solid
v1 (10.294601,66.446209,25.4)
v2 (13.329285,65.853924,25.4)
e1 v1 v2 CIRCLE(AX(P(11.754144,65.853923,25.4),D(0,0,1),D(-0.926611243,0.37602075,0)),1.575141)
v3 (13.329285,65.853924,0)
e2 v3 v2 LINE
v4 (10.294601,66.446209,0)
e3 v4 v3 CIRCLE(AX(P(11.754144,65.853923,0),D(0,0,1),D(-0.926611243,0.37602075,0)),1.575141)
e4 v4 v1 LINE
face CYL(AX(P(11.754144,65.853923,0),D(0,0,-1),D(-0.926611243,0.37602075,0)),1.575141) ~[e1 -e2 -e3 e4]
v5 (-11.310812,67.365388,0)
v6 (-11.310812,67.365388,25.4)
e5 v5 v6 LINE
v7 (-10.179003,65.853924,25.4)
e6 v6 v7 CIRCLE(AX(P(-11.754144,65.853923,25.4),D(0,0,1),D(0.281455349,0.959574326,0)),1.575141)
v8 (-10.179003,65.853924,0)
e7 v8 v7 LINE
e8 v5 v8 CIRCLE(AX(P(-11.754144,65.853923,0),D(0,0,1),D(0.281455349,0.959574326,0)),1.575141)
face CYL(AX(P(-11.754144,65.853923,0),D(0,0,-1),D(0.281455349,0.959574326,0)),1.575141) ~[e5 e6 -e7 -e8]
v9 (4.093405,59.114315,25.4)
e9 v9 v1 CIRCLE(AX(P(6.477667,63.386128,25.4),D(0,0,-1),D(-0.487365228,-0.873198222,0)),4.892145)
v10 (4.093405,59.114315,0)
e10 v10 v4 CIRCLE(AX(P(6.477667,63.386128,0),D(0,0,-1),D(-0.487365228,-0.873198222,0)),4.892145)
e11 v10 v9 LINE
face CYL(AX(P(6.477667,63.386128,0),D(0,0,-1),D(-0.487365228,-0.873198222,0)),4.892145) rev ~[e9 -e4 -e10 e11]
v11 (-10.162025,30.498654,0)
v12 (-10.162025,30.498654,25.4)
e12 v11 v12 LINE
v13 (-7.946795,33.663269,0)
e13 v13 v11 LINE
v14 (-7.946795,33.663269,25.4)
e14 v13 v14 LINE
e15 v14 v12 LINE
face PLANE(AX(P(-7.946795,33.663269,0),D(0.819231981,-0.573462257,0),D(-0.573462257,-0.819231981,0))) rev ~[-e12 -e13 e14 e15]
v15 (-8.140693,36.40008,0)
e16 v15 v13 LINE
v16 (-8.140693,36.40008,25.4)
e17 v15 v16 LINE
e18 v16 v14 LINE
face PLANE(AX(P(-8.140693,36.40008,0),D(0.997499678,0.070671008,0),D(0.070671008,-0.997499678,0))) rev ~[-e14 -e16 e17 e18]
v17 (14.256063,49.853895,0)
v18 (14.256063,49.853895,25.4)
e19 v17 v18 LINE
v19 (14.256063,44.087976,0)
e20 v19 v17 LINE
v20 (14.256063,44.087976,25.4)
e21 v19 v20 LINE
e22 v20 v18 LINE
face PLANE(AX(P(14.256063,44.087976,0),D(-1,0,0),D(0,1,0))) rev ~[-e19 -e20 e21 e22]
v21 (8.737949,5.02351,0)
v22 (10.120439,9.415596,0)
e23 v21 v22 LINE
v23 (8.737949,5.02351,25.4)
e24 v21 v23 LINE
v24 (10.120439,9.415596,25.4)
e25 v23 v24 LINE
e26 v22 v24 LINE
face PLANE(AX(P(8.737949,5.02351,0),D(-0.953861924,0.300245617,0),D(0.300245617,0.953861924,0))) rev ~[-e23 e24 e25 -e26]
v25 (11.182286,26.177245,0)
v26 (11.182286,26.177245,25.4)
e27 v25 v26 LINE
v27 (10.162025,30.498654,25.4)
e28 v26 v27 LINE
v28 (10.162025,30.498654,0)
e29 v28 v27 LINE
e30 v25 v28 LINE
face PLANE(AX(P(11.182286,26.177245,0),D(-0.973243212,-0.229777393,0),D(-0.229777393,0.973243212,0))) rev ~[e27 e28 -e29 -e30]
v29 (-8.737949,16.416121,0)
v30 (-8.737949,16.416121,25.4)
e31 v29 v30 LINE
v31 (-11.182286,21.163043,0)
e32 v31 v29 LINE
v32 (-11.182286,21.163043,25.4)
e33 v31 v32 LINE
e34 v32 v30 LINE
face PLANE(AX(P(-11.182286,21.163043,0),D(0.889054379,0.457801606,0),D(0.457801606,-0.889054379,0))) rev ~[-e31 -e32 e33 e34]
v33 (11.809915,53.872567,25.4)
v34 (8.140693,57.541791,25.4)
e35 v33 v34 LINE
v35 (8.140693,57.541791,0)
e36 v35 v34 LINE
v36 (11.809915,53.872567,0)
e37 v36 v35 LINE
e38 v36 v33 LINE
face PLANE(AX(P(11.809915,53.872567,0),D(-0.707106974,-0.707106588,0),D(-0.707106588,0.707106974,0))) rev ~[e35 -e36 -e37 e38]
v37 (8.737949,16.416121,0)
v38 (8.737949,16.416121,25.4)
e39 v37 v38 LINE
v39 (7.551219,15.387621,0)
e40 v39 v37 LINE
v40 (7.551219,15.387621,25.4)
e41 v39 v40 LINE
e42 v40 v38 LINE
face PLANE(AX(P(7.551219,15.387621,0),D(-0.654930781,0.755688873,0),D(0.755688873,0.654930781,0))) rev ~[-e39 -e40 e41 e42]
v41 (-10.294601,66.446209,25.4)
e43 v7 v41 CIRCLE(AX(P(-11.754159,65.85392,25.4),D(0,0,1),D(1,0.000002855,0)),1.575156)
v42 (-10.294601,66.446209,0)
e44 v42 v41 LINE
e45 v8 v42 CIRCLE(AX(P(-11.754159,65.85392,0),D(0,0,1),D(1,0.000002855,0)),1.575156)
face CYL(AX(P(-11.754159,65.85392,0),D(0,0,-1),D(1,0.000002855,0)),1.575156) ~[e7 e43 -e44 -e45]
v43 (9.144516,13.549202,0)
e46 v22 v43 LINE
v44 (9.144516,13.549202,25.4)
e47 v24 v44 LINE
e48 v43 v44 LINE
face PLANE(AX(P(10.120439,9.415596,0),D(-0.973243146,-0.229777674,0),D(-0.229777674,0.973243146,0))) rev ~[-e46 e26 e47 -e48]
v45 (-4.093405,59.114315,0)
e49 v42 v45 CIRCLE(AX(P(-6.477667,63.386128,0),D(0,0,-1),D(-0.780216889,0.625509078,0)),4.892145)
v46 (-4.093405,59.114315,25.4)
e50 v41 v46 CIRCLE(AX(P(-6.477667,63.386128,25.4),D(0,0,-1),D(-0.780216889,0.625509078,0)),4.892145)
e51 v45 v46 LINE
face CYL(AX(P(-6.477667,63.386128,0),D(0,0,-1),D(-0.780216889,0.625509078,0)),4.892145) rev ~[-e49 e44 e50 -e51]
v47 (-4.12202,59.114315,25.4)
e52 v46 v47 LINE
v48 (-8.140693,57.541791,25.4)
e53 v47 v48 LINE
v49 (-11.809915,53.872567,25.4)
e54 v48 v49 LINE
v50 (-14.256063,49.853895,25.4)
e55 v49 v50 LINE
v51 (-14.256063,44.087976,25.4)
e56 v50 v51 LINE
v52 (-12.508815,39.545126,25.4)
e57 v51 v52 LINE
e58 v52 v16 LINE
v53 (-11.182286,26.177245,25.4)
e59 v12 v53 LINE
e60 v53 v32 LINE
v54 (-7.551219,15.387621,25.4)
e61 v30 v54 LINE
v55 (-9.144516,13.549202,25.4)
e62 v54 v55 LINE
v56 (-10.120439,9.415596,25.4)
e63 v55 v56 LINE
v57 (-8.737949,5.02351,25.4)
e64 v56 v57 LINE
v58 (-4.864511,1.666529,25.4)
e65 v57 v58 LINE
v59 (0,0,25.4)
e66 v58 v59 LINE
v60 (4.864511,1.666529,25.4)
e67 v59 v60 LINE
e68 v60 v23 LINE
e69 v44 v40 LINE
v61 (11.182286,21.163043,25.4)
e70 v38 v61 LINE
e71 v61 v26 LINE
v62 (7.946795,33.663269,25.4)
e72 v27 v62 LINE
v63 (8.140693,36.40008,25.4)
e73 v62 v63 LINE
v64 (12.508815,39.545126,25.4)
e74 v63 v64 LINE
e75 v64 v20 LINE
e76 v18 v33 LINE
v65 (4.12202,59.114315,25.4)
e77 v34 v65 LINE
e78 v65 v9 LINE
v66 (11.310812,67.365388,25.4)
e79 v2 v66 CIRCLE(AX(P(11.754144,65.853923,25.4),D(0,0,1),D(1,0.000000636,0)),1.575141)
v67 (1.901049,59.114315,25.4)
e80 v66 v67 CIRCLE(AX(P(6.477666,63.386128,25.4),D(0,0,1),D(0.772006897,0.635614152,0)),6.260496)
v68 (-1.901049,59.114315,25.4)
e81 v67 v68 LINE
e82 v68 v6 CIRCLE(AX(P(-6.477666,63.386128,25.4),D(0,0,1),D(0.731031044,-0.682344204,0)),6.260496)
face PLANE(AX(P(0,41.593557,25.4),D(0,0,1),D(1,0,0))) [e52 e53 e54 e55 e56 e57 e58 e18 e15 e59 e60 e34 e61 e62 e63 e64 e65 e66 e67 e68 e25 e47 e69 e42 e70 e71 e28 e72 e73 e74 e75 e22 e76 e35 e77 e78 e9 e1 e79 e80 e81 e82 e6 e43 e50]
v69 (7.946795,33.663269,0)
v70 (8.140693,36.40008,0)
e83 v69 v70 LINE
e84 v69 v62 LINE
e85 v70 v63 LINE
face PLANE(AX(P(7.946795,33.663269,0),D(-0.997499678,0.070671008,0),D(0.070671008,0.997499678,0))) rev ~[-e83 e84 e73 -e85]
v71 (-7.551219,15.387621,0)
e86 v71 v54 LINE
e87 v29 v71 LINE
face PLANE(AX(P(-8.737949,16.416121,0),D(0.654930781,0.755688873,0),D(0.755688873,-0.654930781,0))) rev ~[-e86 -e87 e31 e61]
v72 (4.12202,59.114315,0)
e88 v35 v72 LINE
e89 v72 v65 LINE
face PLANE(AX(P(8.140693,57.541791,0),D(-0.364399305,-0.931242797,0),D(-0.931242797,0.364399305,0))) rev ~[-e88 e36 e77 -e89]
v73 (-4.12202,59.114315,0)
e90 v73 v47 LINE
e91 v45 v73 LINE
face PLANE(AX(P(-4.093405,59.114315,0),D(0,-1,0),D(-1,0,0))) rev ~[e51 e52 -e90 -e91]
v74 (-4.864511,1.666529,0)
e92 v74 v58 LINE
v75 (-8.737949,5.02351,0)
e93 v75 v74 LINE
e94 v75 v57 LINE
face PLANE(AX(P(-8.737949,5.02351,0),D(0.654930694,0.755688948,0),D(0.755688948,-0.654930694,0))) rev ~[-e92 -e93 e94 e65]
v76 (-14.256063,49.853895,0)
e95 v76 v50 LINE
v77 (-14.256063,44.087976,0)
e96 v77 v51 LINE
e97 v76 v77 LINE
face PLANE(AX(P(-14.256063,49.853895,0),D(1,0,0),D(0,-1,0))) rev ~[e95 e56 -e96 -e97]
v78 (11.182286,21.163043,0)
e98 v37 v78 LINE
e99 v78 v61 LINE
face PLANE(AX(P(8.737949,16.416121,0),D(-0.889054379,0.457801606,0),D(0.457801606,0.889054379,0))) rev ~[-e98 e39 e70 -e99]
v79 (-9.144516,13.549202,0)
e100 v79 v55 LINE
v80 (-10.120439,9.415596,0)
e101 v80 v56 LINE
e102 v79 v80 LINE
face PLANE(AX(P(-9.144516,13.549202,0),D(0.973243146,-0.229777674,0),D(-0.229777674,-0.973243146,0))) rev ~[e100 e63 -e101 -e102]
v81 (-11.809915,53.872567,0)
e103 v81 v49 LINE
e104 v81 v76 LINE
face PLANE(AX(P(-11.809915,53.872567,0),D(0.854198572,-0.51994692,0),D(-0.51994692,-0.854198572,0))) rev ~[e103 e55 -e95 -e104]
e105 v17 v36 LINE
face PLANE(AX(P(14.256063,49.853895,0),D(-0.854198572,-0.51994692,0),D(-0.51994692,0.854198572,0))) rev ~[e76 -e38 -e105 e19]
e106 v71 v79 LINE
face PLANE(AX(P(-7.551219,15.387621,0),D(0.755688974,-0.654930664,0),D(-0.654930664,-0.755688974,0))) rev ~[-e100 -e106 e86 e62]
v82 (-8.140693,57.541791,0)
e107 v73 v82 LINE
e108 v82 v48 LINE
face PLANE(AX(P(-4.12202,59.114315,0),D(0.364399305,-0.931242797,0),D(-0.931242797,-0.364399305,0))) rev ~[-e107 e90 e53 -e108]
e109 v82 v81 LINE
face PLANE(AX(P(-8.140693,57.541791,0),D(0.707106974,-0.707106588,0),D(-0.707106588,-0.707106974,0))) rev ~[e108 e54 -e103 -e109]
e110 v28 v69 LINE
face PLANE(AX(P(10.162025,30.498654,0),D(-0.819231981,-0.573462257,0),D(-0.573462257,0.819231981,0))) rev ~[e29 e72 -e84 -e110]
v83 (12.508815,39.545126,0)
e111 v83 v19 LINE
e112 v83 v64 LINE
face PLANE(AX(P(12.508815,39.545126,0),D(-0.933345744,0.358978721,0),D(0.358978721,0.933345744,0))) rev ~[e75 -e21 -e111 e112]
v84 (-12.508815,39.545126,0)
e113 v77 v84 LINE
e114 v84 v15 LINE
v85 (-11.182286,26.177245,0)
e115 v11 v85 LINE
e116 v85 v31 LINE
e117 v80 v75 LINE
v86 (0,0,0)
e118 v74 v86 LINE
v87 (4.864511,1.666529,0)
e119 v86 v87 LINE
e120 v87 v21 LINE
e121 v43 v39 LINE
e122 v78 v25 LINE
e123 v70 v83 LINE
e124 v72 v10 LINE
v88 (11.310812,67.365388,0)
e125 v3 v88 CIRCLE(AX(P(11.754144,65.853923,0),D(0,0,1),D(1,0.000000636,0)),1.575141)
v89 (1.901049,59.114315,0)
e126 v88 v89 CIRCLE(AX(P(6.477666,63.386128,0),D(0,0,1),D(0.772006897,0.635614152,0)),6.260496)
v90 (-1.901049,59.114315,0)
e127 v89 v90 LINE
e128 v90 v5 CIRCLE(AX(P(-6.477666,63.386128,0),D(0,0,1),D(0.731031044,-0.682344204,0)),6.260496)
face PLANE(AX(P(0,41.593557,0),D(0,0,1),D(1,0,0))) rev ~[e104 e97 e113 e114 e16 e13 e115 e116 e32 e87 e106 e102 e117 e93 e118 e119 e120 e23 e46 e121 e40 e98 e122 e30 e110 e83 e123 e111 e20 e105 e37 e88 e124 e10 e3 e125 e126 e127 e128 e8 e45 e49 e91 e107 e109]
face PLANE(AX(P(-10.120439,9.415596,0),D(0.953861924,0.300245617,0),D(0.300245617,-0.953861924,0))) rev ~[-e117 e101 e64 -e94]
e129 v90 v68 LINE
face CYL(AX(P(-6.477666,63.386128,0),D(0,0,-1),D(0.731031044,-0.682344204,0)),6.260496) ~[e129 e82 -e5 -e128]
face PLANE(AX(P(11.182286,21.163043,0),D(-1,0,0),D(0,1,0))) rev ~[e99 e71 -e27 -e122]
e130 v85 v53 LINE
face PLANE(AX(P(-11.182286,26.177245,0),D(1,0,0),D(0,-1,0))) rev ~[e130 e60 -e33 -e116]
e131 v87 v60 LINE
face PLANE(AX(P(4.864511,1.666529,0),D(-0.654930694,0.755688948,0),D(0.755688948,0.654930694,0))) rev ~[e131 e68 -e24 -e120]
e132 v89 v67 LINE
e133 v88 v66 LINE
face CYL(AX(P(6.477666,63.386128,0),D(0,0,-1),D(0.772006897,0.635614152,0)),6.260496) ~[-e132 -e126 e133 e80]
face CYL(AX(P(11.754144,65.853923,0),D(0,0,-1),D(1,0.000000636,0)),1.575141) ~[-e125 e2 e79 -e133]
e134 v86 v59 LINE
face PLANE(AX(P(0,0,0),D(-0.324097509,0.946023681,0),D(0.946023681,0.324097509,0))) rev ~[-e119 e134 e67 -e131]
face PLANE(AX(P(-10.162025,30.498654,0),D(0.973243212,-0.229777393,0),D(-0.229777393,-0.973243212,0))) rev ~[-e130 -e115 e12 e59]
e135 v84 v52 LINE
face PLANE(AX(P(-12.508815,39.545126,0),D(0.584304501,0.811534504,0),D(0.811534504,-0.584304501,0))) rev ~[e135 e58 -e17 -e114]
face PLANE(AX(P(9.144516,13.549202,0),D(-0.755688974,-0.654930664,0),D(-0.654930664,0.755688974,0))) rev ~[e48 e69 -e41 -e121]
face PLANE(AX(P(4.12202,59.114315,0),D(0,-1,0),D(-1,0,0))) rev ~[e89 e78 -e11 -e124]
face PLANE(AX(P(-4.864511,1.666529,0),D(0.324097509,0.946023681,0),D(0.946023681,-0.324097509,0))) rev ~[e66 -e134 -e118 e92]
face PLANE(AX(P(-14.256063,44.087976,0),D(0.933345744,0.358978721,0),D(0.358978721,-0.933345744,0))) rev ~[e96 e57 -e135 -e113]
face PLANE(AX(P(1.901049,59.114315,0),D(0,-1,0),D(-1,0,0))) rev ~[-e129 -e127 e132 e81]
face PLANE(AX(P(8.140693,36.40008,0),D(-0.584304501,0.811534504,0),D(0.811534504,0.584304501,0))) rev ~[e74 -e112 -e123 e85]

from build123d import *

# Parameters (mm, degrees)
F1_DEPTH = 25.4


with BuildPart() as f1:
    # F0 (on Top) → F1 (new body)
    with BuildSketch(Plane.XY):
        with BuildLine():
            Line((1.901049, 59.114315), (0, 59.114315))
            Line((0, 59.114315), (-1.901049, 59.114315))
            ThreePointArc((-1.901049, 59.114315), (-2.350136, 68.093283), (-11.310812, 67.365388))
            ThreePointArc((-11.310812, 67.365388), (-10.697519, 67.02209), (-10.294601, 66.446209))
            ThreePointArc((-10.294601, 66.446209), (-2.742388, 66.545365), (-4.093405, 59.114315))
            Line((-4.093405, 59.114315), (-4.12202, 59.114315))
            Line((-4.12202, 59.114315), (-8.140693, 57.541791))
            Line((-8.140693, 57.541791), (-11.809915, 53.872567))
            Line((-11.809915, 53.872567), (-14.256063, 49.853895))
            Line((-14.256063, 49.853895), (-14.256063, 44.087976))
            Line((-14.256063, 44.087976), (-12.508815, 39.545126))
            Line((-12.508815, 39.545126), (-8.140693, 36.40008))
            Line((-8.140693, 36.40008), (-7.946795, 33.663269))
            Line((-7.946795, 33.663269), (-10.162025, 30.498654))
            Line((-10.162025, 30.498654), (-11.182286, 26.177245))
            Line((-11.182286, 26.177245), (-11.182286, 21.163043))
            Line((-11.182286, 21.163043), (-8.737949, 16.416121))
            Line((-8.737949, 16.416121), (-7.551219, 15.387621))
            Line((-7.551219, 15.387621), (-9.144516, 13.549202))
            Line((-9.144516, 13.549202), (-10.120439, 9.415596))
            Line((-10.120439, 9.415596), (-8.737949, 5.02351))
            Line((-8.737949, 5.02351), (-4.864511, 1.666529))
            Line((-4.864511, 1.666529), (0, 0))
            Line((0, 0), (4.864511, 1.666529))
            Line((4.864511, 1.666529), (8.737949, 5.02351))
            Line((8.737949, 5.02351), (10.120439, 9.415596))
            Line((10.120439, 9.415596), (9.144516, 13.549202))
            Line((9.144516, 13.549202), (7.551219, 15.387621))
            Line((7.551219, 15.387621), (8.737949, 16.416121))
            Line((8.737949, 16.416121), (11.182286, 21.163043))
            Line((11.182286, 21.163043), (11.182286, 26.177245))
            Line((11.182286, 26.177245), (10.162025, 30.498654))
            Line((10.162025, 30.498654), (7.946795, 33.663269))
            Line((7.946795, 33.663269), (8.140693, 36.40008))
            Line((8.140693, 36.40008), (12.508815, 39.545126))
            Line((12.508815, 39.545126), (14.256063, 44.087976))
            Line((14.256063, 44.087976), (14.256063, 49.853895))
            Line((14.256063, 49.853895), (11.809915, 53.872567))
            Line((11.809915, 53.872567), (8.140693, 57.541791))
            Line((8.140693, 57.541791), (4.12202, 59.114315))
            Line((4.12202, 59.114315), (4.093405, 59.114315))
            ThreePointArc((4.093405, 59.114315), (2.742388, 66.545365), (10.294601, 66.446209))
            ThreePointArc((10.294601, 66.446209), (10.697519, 67.02209), (11.310812, 67.365388))
            ThreePointArc((11.310812, 67.365388), (2.350136, 68.093283), (1.901049, 59.114315))
        make_face()
        with BuildLine():
            ThreePointArc((13.329285, 65.853924), (12.698273, 67.114752), (11.310812, 67.365388))
            ThreePointArc((11.310812, 67.365388), (10.697519, 67.02209), (10.294601, 66.446209))
            ThreePointArc((10.294601, 66.446209), (11.452414, 64.307952), (13.329285, 65.853924))
        make_face()
        with BuildLine():
            ThreePointArc((-10.294601, 66.446209), (-10.697519, 67.02209), (-11.310812, 67.365388))
            ThreePointArc((-11.310812, 67.365388), (-13.014973, 64.909795), (-10.179003, 65.853924))
            ThreePointArc((-10.179003, 65.853924), (-10.208173, 66.155654), (-10.294601, 66.446209))
        make_face()
    extrude(amount=F1_DEPTH)


solid = f1.part
